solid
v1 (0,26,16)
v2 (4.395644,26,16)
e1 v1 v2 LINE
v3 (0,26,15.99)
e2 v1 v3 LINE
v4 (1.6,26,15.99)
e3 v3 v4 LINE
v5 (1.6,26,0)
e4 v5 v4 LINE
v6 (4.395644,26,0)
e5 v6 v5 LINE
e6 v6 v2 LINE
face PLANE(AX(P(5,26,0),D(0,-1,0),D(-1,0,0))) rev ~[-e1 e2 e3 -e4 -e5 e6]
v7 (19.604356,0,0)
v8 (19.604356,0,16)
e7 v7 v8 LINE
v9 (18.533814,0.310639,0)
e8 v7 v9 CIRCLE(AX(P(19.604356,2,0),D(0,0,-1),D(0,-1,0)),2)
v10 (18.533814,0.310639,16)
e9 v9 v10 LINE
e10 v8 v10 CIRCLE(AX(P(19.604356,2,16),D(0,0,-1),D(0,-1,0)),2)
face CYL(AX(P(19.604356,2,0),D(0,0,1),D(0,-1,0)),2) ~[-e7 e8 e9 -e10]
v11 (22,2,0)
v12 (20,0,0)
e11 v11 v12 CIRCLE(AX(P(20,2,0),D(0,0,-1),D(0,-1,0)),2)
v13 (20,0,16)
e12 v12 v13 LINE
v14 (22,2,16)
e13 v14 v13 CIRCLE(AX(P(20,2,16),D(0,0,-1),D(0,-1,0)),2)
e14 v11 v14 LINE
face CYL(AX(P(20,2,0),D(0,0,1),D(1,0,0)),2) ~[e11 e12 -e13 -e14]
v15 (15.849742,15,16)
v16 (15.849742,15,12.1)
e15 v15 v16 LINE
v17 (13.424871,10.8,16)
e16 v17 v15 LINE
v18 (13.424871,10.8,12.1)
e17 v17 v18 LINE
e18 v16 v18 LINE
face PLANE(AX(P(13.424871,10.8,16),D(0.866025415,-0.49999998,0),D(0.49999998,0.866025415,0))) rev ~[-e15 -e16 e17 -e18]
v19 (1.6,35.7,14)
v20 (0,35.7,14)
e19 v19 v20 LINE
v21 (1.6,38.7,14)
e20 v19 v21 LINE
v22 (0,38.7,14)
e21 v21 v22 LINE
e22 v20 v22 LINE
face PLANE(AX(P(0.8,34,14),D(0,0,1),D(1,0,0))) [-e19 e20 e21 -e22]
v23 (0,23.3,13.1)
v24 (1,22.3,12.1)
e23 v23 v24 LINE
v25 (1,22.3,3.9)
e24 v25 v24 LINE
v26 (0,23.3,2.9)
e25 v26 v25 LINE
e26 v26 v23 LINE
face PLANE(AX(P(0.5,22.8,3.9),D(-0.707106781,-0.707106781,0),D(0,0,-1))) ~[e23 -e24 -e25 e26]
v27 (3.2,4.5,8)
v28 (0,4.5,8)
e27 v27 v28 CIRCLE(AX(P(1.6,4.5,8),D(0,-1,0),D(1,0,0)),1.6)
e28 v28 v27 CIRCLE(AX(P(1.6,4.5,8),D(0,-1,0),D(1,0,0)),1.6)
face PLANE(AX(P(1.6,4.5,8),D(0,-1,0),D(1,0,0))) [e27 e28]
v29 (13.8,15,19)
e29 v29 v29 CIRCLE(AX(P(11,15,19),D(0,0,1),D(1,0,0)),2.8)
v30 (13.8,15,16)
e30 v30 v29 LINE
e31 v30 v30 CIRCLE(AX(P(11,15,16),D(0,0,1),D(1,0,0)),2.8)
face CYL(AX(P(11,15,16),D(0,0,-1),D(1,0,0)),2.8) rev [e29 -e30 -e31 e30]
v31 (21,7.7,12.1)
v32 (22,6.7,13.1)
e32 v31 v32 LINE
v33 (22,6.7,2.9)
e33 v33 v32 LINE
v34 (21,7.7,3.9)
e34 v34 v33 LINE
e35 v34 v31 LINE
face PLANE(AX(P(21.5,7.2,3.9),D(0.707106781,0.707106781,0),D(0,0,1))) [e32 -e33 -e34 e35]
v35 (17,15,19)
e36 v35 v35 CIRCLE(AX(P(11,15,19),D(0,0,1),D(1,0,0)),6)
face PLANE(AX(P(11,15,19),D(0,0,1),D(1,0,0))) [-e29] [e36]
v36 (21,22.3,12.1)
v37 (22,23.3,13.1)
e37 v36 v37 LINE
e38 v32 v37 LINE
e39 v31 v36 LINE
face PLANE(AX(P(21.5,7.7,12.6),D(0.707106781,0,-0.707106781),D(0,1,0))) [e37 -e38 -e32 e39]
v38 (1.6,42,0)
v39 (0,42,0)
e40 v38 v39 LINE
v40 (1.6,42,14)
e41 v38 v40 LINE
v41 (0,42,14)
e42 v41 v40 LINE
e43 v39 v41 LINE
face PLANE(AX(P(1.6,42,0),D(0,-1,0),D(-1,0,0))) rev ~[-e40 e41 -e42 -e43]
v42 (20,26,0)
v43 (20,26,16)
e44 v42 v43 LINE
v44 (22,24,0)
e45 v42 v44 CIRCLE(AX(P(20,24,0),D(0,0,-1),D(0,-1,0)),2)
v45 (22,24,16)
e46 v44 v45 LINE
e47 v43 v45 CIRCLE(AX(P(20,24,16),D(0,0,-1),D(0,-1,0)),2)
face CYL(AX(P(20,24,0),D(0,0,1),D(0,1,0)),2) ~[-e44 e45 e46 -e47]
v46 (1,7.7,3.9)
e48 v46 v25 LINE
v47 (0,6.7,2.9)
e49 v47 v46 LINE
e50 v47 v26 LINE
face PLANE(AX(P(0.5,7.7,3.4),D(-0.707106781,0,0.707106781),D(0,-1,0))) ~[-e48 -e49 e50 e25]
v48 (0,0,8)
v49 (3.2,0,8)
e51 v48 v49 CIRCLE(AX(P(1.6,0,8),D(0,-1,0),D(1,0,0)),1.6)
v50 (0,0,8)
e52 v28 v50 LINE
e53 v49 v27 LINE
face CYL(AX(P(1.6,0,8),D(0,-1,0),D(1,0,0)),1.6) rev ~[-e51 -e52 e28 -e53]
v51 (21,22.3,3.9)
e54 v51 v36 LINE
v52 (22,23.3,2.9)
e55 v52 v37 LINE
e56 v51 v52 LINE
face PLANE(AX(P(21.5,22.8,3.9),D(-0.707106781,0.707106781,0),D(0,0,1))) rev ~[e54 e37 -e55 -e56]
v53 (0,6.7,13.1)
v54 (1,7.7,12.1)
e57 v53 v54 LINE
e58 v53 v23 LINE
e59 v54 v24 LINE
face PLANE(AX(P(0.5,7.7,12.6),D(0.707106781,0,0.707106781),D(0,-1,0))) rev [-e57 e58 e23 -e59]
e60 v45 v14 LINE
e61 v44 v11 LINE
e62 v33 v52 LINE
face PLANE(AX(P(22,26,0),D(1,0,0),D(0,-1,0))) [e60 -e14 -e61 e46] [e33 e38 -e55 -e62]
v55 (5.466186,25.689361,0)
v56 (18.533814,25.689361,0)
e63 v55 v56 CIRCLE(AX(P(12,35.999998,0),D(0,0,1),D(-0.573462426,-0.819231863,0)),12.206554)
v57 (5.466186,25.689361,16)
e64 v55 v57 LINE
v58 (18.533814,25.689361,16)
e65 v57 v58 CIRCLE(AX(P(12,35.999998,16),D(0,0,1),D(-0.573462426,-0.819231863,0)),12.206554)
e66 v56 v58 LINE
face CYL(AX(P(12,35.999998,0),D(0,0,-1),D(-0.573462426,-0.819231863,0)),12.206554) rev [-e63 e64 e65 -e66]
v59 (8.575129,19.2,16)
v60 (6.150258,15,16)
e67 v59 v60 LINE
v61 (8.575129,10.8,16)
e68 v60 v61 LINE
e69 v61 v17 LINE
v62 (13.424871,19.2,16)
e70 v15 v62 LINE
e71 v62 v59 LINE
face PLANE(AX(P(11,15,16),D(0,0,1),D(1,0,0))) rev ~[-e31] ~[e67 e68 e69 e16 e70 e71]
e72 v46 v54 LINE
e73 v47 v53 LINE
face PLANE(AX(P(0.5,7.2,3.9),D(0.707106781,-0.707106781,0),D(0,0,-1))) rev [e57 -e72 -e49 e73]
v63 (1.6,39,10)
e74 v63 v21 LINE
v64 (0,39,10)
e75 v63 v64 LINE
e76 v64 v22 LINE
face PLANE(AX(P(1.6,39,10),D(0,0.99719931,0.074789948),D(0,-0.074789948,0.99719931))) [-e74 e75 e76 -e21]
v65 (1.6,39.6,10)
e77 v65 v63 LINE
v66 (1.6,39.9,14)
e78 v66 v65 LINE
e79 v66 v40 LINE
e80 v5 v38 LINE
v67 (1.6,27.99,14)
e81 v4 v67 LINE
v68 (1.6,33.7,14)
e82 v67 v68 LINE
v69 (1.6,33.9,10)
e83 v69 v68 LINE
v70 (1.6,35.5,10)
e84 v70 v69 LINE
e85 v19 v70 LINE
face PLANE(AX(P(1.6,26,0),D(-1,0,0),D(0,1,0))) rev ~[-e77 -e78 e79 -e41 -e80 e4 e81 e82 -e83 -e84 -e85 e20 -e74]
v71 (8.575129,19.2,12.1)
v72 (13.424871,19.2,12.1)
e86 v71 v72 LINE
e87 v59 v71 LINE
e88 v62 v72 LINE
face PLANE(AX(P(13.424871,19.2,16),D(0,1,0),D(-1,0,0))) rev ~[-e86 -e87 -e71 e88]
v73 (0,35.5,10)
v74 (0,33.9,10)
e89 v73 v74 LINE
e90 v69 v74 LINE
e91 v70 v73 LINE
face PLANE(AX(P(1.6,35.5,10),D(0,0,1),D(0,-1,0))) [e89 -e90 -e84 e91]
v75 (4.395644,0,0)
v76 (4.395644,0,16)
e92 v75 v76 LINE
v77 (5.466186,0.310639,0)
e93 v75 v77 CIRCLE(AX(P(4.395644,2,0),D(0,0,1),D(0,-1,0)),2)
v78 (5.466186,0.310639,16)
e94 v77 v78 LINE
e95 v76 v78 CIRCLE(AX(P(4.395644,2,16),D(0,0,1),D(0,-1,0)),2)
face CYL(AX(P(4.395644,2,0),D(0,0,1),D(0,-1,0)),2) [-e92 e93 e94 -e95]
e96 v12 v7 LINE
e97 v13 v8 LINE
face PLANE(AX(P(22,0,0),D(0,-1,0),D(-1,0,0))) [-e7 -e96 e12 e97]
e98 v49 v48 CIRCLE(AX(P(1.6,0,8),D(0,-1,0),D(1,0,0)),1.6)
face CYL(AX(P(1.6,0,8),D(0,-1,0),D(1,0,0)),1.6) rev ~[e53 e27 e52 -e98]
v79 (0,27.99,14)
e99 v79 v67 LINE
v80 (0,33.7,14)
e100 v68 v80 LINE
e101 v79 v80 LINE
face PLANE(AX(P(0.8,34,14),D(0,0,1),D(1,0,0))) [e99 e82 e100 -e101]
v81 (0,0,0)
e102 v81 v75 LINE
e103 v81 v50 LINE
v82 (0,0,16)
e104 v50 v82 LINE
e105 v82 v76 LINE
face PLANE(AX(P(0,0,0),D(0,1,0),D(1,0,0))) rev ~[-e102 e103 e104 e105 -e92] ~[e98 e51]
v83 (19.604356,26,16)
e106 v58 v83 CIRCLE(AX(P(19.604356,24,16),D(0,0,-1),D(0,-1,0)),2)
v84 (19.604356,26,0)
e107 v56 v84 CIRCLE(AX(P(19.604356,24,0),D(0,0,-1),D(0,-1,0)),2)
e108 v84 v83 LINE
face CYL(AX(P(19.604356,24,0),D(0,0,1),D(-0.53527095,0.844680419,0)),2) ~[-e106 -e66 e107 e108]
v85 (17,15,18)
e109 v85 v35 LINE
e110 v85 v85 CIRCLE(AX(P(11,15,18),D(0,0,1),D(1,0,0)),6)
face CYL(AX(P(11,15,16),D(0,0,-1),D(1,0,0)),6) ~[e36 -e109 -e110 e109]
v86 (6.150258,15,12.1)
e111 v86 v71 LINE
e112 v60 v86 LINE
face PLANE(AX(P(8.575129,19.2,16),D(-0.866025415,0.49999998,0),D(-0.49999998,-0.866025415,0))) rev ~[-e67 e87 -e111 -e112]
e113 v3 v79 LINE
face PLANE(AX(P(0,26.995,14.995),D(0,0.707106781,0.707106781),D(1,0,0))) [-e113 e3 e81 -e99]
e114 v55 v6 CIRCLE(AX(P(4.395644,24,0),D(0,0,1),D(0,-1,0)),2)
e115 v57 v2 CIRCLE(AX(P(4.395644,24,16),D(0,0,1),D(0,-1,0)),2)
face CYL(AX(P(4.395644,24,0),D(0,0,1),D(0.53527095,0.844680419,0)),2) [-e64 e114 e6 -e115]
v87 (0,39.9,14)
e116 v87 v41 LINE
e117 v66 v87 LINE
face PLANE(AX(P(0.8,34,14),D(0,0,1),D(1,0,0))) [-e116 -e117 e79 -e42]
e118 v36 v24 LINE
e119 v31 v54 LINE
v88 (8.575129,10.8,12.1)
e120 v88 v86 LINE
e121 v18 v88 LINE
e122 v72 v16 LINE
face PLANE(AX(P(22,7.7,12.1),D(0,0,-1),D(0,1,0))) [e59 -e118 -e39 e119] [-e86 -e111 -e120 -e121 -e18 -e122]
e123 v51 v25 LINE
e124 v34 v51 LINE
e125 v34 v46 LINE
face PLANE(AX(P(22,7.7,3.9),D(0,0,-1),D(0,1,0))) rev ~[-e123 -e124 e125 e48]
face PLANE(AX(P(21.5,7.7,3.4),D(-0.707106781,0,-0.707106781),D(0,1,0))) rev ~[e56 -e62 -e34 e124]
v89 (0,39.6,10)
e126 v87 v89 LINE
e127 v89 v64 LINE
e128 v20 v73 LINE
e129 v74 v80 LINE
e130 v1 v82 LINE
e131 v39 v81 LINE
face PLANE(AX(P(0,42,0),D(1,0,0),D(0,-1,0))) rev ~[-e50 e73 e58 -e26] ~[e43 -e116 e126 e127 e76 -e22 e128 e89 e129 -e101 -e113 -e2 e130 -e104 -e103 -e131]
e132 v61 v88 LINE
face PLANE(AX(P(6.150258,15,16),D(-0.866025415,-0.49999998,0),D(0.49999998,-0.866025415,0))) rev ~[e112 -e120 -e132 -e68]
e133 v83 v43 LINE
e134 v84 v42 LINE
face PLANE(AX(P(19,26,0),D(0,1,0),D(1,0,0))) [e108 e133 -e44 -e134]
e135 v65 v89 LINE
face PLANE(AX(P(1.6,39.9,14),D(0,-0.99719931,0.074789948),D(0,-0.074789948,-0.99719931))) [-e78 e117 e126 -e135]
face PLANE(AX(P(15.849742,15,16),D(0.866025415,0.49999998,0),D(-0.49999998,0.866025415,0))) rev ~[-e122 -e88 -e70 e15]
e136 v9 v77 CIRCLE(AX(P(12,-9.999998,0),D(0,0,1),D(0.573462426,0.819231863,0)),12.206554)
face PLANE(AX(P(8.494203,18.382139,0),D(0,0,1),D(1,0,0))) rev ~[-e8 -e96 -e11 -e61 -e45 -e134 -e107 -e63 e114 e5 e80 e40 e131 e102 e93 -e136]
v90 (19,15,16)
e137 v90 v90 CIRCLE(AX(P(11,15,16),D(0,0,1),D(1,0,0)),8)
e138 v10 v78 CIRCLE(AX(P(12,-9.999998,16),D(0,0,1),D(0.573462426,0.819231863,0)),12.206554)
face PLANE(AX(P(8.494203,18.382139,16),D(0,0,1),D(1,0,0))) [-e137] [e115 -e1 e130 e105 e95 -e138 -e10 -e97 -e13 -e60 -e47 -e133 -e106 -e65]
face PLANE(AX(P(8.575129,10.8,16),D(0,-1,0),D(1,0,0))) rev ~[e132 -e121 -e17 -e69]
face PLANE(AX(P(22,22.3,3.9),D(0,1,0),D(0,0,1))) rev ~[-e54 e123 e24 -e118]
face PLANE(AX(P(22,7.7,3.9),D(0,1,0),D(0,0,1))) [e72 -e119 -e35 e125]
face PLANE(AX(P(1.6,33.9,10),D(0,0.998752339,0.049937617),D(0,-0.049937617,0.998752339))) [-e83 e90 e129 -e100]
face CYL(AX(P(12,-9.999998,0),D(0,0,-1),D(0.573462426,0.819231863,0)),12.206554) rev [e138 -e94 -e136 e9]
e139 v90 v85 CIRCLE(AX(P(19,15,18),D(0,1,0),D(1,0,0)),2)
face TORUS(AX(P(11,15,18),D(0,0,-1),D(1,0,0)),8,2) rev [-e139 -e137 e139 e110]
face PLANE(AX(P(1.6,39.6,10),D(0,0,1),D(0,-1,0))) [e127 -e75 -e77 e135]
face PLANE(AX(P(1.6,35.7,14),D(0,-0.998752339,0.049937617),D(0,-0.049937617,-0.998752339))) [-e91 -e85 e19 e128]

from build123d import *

# Parameters (mm, degrees)
PAD_DEPTH       = 16
SKETCH001_W     = 14.6
SKETCH001_H     = 8.2
POCKET_DEPTH    = 22.001
SKETCH002_W     = 1.6
SKETCH002_H     = 16
POCKET001_DEPTH = 2
CHAMFER_SIZE    = 1.99
POCKET002_DEPTH = 1.601
SKETCH005_R     = 6
SKETCH005_R_2   = 2.8
PAD001_DEPTH    = 3
POCKET003_DEPTH = 7
FILLET_R        = 2
FILLET001_R     = 2
CHAMFER001_SIZE = 1
CHAMFER002_SIZE = 1
SKETCH007_R     = 1.6
POCKET004_DEPTH = 4.5


with BuildPart() as part:
    # Sketch → Pad (new body)
    with BuildSketch(Plane.XY):
        with BuildLine():
            Line((5, 26), (1.6, 26))
            Line((1.6, 26), (1.6, 42))
            Line((1.6, 42), (0, 42))
            Line((0, 42), (0, 0))
            Line((0, 0), (5, 0))
            ThreePointArc((19, 0), (12, 2.206556), (5, 0))
            Line((22, 0), (19, 0))
            Line((22, 26), (22, 0))
            Line((19, 26), (22, 26))
            ThreePointArc((5, 26), (12, 23.793444), (19, 26))
        make_face()
    extrude(amount=PAD_DEPTH)

    # Sketch001 (on Face9 of Pad) → Pocket (cut, through all)
    with BuildSketch(Plane.YZ.offset(22)):
        with Locations((15, 8)):
            Rectangle(SKETCH001_W, SKETCH001_H)
    extrude(amount=-POCKET_DEPTH, mode=Mode.SUBTRACT)

    # Sketch002 (on DatumPlane) → Pocket001 (cut)
    with BuildSketch(Plane.XY.offset(16)):
        with Locations((0.8, 34)):
            Rectangle(SKETCH002_W, SKETCH002_H)
    extrude(amount=-POCKET001_DEPTH, mode=Mode.SUBTRACT)

    # Chamfer
    chamfer_edges = [part.edges().sort_by_distance(p)[0] for p in [
        (0.8, 26, 14),
    ]]
    chamfer(chamfer_edges, length=CHAMFER_SIZE)

    # Sketch003 (on DatumPlane) → Pocket002 (cut, through all)
    with BuildSketch(Plane.YZ.offset(1.6)):
        Polygon((33.7, 14), (35.7, 14), (35.5, 10), (33.9, 10), align=None)
        Polygon((38.7, 14), (39.9, 14), (39.6, 10), (39, 10), align=None)
    extrude(amount=-POCKET002_DEPTH, mode=Mode.SUBTRACT)

    # Sketch005 (on DatumPlane) → Pad001 (join)
    with BuildSketch(Plane.XY.offset(16)):
        with Locations((11, 15)):
            Circle(SKETCH005_R)
        with Locations((11, 15)):
            Circle(SKETCH005_R_2, mode=Mode.SUBTRACT)
    extrude(amount=PAD001_DEPTH)

    # Sketch006 (on DatumPlane) → Pocket003 (cut)
    with BuildSketch(Plane.XY.offset(16)):
        Polygon((15.849742, 15), (13.424871, 19.2), (8.575129, 19.2), (6.150258, 15), (8.575129, 10.8), (13.424871, 10.8), align=None)
    extrude(amount=-POCKET003_DEPTH, mode=Mode.SUBTRACT)

    # Fillet
    fillet_edges = [part.edges().sort_by_distance(p)[0] for p in [
        (5, 15, 16),
    ]]
    fillet(fillet_edges, radius=FILLET_R)

    # Fillet001
    fillet001_edges = [part.edges().sort_by_distance(p)[0] for p in [
        (22, 26, 8),
        (19, 26, 8),
        (5, 26, 8),
        (22, 0, 8),
        (19, 0, 8),
        (5, 0, 8),
    ]]
    fillet(fillet001_edges, radius=FILLET001_R)

    # Chamfer001
    chamfer001_edges = [part.edges().sort_by_distance(p)[0] for p in [
        (0, 15, 12.1),
        (0, 15, 3.9),
        (0, 7.7, 8),
        (0, 22.3, 8),
    ]]
    chamfer(chamfer001_edges, length=CHAMFER001_SIZE)

    # Chamfer002
    chamfer002_edges = [part.edges().sort_by_distance(p)[0] for p in [
        (22, 22.3, 8),
        (22, 15, 12.1),
        (22, 7.7, 8),
        (22, 15, 3.9),
    ]]
    chamfer(chamfer002_edges, length=CHAMFER002_SIZE)

    # Sketch007 (on DatumPlane) → Pocket004 (cut)
    with BuildSketch(Plane.XZ):
        with Locations((1.6, 8)):
            Circle(SKETCH007_R)
    extrude(amount=-POCKET004_DEPTH, mode=Mode.SUBTRACT)


solid = part.part
